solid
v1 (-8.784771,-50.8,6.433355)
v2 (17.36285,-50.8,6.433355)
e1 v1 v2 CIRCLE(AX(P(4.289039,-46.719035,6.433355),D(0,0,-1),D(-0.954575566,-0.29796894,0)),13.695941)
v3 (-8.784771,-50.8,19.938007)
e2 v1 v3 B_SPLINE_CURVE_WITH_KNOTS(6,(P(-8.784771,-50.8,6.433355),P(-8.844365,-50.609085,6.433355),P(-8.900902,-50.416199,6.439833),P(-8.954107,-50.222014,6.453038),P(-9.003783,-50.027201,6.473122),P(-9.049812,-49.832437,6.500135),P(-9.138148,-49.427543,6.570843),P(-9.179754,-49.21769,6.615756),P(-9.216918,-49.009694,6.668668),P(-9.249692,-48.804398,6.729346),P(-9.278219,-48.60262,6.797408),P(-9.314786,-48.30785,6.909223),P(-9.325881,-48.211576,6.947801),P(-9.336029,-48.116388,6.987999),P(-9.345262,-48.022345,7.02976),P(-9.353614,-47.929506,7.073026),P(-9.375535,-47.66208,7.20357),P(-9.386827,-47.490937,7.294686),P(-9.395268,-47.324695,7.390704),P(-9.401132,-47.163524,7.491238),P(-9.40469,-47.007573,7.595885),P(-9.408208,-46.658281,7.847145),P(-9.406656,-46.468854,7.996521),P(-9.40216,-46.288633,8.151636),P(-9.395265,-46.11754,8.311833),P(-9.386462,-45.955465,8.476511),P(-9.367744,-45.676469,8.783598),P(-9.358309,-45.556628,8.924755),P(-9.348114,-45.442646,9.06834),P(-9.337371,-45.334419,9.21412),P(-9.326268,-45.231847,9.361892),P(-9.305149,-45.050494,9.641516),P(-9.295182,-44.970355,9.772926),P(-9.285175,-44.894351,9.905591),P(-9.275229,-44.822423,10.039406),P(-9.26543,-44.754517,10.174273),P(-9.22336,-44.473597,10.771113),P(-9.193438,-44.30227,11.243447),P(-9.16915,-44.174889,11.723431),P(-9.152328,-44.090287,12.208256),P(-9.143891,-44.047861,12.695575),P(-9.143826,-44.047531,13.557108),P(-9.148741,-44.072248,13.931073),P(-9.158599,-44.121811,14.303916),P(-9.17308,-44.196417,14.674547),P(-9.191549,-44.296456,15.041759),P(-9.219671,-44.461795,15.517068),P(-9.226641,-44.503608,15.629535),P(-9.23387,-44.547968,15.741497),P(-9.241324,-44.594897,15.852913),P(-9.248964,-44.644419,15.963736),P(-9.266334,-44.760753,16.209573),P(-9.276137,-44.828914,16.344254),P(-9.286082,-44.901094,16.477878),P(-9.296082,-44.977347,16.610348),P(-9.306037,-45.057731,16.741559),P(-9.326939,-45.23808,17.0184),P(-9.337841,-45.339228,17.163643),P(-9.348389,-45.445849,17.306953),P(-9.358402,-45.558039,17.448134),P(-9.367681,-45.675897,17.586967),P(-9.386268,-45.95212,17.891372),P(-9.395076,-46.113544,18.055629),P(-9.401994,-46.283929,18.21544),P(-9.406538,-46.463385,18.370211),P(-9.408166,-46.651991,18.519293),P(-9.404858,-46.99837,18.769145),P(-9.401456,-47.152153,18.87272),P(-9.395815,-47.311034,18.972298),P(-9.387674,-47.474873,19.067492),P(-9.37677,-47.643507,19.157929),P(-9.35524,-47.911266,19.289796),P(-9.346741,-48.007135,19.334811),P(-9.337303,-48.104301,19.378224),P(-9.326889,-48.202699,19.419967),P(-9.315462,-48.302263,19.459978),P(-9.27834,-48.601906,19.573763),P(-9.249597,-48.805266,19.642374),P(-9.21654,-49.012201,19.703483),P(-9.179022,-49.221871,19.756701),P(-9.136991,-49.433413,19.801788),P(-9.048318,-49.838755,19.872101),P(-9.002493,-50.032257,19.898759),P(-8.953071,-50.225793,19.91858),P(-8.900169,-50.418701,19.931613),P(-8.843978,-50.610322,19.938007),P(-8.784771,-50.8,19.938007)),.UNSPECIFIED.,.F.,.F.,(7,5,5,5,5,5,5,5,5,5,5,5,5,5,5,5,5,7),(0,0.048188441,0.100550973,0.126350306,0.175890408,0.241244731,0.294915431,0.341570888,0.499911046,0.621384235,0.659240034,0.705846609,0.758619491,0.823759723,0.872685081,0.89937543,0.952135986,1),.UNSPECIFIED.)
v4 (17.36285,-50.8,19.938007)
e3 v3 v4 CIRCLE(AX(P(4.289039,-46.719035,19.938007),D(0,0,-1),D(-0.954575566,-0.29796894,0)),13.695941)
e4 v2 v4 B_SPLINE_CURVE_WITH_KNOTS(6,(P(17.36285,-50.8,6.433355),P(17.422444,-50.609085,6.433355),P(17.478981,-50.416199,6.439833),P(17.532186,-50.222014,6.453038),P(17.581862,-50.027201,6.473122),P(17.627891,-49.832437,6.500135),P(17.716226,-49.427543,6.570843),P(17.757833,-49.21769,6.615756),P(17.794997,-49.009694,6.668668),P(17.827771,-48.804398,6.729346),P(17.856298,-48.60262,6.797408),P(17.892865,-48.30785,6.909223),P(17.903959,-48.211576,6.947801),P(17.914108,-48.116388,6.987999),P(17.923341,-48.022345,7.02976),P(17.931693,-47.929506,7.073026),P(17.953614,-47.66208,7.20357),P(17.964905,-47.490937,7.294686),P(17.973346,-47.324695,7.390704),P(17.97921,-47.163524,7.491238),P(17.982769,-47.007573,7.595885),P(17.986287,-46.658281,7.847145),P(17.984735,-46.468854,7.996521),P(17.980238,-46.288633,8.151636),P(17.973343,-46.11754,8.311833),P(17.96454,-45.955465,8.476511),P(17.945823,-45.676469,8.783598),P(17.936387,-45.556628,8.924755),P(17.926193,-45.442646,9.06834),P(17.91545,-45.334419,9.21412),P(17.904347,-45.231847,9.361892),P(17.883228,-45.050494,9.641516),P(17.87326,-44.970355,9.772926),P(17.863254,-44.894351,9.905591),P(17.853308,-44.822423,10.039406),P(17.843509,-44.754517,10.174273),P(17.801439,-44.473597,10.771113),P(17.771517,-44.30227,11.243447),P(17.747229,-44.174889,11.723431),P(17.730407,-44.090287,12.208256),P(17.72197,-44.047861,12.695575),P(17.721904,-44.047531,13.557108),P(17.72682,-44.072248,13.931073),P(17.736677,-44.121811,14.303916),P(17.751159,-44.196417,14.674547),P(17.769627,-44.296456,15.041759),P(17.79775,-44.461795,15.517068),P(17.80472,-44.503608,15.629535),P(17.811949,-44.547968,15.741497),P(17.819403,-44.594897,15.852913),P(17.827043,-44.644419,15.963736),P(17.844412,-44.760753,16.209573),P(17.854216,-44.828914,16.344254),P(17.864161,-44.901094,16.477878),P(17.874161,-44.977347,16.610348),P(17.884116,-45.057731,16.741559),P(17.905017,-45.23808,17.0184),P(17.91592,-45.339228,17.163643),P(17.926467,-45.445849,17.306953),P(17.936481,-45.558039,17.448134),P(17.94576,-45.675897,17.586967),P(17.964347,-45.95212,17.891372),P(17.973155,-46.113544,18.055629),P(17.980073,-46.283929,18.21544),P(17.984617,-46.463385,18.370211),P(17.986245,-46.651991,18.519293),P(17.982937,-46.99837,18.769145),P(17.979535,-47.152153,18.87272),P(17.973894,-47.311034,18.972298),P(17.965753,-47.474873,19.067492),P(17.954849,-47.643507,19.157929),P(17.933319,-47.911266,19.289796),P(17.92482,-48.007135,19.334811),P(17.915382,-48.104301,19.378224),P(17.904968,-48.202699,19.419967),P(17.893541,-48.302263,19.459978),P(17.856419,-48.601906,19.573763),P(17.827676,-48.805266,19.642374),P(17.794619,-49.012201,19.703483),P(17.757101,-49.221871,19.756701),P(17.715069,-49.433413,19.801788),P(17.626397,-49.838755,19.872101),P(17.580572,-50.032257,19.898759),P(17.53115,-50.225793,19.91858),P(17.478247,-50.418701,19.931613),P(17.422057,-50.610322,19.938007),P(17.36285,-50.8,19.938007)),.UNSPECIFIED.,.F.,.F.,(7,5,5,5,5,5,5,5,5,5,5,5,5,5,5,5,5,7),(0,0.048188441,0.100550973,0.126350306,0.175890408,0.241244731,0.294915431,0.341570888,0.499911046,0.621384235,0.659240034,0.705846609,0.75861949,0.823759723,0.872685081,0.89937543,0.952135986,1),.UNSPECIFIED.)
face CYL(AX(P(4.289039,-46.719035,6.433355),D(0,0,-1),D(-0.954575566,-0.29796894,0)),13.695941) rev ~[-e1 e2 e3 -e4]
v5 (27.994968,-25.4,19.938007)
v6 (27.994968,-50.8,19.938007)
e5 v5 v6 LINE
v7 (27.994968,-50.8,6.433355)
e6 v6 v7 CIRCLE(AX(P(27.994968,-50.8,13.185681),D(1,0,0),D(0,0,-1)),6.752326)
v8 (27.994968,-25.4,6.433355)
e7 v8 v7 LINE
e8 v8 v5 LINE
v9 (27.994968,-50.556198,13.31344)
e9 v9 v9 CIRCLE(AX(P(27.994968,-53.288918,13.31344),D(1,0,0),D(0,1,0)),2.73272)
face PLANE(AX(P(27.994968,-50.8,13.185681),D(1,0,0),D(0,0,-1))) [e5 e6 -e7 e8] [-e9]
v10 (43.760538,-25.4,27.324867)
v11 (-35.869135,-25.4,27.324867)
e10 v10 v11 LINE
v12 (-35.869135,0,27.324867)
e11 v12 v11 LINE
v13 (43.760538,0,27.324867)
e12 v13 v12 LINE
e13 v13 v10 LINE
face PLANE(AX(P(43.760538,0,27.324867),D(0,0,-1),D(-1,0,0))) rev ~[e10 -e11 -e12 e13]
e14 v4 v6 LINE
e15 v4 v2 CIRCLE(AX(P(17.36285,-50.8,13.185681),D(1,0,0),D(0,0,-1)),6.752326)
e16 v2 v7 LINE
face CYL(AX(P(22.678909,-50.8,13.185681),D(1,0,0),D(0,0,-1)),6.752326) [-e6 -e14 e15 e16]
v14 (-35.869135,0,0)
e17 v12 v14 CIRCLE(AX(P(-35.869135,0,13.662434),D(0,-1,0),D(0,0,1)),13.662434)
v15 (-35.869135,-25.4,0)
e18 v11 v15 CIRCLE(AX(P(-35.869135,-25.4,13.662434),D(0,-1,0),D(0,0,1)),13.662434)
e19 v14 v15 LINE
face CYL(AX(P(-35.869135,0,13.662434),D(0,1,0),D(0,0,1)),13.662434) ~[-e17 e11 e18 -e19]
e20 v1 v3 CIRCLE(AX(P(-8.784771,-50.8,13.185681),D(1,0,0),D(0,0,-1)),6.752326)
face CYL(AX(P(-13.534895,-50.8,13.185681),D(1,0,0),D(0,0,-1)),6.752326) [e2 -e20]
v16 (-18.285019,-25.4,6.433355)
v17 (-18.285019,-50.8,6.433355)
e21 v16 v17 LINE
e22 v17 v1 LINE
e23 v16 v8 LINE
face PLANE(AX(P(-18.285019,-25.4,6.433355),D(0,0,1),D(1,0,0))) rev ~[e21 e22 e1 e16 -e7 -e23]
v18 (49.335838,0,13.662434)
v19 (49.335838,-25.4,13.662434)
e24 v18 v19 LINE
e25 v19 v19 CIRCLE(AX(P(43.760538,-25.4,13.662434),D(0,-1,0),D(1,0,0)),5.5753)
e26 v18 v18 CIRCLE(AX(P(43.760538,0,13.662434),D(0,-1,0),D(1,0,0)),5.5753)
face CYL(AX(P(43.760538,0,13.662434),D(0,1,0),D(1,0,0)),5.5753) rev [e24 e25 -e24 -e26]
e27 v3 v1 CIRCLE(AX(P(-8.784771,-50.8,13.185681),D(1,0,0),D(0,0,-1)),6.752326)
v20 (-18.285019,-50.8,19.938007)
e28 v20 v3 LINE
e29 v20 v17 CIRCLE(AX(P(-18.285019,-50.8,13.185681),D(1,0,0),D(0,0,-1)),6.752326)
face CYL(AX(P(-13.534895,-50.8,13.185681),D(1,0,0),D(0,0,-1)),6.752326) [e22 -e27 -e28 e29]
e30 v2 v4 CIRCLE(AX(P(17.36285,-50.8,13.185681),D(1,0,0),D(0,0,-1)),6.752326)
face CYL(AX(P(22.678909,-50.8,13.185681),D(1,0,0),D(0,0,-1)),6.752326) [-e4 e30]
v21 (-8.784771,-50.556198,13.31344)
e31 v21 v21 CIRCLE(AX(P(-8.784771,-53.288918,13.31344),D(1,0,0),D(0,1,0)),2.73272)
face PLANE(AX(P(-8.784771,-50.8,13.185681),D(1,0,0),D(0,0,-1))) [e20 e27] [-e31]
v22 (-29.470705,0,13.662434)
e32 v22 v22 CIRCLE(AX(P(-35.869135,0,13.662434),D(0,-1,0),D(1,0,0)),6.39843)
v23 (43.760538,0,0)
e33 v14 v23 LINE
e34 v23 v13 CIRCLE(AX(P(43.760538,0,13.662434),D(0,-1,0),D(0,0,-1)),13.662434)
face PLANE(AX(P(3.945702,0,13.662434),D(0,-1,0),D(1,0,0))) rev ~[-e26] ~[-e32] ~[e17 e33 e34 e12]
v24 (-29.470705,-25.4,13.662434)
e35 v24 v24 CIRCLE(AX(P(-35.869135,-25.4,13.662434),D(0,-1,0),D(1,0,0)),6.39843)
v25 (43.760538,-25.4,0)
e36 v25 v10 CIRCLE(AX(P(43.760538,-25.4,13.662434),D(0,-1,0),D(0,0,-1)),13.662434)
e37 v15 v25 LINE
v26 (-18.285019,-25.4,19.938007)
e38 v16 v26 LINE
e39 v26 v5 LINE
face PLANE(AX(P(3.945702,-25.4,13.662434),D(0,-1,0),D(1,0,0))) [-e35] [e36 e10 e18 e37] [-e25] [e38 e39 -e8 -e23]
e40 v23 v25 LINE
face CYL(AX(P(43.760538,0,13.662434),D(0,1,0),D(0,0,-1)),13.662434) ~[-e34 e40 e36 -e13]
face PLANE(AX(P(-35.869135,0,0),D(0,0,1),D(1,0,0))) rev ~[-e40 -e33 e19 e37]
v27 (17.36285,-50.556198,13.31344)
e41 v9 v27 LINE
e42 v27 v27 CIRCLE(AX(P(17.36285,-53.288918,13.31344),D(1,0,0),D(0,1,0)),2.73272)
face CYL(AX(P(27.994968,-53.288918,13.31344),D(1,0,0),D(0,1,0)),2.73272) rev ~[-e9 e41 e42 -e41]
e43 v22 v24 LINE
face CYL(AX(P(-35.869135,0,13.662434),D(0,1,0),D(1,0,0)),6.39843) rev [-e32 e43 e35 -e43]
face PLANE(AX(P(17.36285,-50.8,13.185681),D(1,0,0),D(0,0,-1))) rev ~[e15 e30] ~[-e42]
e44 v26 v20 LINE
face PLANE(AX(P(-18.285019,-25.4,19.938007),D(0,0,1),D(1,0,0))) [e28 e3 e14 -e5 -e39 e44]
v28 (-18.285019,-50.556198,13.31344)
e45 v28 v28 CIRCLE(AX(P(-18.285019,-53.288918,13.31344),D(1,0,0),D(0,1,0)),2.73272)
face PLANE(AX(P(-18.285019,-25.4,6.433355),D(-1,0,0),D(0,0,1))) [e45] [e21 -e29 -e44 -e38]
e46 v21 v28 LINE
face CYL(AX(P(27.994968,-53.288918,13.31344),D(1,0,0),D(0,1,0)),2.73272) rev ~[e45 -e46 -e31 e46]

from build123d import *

# Parameters (mm, degrees)
F0_R      = 6.3984297888
F0_R_2    = 5.5753
F1_DEPTH  = 25.4
F2_W      = 46.2799873203
F2_H      = 13.5046518408
F3_DEPTH  = 25.4
F5_DEPTH  = 69.342
F6_W      = 9.5002483577
F6_H      = 6.7523259204
F7_W      = 10.6321182102
F7_H      = 6.7523259204
F10_R     = 2.7327204499
F11_DEPTH = 182.626


with BuildPart() as f1:
    # F0 (on Front) → F1 (new body)
    with BuildSketch(Plane.XZ):
        with BuildLine():
            Line((43.7605383081, 27.3248670252), (-35.8691346556, 27.3248670252))
            ThreePointArc((-35.8691346556, 27.3248670252), (-49.5315681682, 13.6624335126), (-35.8691346556, 0))
            Line((-35.8691346556, 0), (43.7605383081, 0))
            ThreePointArc((43.7605383081, 0), (57.4229718207, 13.6624335126), (43.7605383081, 27.3248670252))
        make_face()
        with Locations((-35.8691346556, 13.6624335126)):
            Circle(F0_R, mode=Mode.SUBTRACT)
        with Locations((43.7605383081, 13.6624335126)):
            Circle(F0_R_2, mode=Mode.SUBTRACT)
    extrude(amount=F1_DEPTH)

    # F2 (on face) → F3 (join)
    with BuildSketch(Plane.XZ.offset(25.4)):
        with Locations((4.8549743369, 13.1856810767)):
            Rectangle(F2_W, F2_H)
    extrude(amount=F3_DEPTH)

    # F4 (on face) → F5 (cut)
    with BuildSketch(Plane(origin=(0, 0, 6.4333551563), x_dir=(1, 0, 0), z_dir=(0, 0, -1))):
        with BuildLine():
            Line((17.3628497869, 50.8), (-8.7847709656, 50.8))
            ThreePointArc((-8.7847709656, 50.8), (4.2890394107, 33.0230943258), (17.3628497869, 50.8))
        make_face()
    extrude(amount=-F5_DEPTH, mode=Mode.SUBTRACT)

    # F6 (on face) → F8 (revolve)
    with BuildSketch(Plane.XZ.offset(50.8)):
        with Locations((-13.5348951444, 9.8095181165)):
            Rectangle(F6_W, F6_H)
    revolve(axis=Axis((-13.5348951444, -50.8, 13.1856810767), (1, 0, 0)))

    # F7 (on face) → F9 (revolve)
    with BuildSketch(Plane.XZ.offset(50.8)):
        with Locations((22.678908892, 9.8095181165)):
            Rectangle(F7_W, F7_H)
    revolve(axis=Axis((22.678908892, -50.8, 13.1856810767), (1, 0, 0)))

    # F10 (on face) → F11 (cut)
    with BuildSketch(Plane.YZ.offset(27.9949679971)):
        with Locations((-53.2889179885, 13.3134396747)):
            Circle(F10_R)
    extrude(amount=-F11_DEPTH, mode=Mode.SUBTRACT)


solid = f1.part
